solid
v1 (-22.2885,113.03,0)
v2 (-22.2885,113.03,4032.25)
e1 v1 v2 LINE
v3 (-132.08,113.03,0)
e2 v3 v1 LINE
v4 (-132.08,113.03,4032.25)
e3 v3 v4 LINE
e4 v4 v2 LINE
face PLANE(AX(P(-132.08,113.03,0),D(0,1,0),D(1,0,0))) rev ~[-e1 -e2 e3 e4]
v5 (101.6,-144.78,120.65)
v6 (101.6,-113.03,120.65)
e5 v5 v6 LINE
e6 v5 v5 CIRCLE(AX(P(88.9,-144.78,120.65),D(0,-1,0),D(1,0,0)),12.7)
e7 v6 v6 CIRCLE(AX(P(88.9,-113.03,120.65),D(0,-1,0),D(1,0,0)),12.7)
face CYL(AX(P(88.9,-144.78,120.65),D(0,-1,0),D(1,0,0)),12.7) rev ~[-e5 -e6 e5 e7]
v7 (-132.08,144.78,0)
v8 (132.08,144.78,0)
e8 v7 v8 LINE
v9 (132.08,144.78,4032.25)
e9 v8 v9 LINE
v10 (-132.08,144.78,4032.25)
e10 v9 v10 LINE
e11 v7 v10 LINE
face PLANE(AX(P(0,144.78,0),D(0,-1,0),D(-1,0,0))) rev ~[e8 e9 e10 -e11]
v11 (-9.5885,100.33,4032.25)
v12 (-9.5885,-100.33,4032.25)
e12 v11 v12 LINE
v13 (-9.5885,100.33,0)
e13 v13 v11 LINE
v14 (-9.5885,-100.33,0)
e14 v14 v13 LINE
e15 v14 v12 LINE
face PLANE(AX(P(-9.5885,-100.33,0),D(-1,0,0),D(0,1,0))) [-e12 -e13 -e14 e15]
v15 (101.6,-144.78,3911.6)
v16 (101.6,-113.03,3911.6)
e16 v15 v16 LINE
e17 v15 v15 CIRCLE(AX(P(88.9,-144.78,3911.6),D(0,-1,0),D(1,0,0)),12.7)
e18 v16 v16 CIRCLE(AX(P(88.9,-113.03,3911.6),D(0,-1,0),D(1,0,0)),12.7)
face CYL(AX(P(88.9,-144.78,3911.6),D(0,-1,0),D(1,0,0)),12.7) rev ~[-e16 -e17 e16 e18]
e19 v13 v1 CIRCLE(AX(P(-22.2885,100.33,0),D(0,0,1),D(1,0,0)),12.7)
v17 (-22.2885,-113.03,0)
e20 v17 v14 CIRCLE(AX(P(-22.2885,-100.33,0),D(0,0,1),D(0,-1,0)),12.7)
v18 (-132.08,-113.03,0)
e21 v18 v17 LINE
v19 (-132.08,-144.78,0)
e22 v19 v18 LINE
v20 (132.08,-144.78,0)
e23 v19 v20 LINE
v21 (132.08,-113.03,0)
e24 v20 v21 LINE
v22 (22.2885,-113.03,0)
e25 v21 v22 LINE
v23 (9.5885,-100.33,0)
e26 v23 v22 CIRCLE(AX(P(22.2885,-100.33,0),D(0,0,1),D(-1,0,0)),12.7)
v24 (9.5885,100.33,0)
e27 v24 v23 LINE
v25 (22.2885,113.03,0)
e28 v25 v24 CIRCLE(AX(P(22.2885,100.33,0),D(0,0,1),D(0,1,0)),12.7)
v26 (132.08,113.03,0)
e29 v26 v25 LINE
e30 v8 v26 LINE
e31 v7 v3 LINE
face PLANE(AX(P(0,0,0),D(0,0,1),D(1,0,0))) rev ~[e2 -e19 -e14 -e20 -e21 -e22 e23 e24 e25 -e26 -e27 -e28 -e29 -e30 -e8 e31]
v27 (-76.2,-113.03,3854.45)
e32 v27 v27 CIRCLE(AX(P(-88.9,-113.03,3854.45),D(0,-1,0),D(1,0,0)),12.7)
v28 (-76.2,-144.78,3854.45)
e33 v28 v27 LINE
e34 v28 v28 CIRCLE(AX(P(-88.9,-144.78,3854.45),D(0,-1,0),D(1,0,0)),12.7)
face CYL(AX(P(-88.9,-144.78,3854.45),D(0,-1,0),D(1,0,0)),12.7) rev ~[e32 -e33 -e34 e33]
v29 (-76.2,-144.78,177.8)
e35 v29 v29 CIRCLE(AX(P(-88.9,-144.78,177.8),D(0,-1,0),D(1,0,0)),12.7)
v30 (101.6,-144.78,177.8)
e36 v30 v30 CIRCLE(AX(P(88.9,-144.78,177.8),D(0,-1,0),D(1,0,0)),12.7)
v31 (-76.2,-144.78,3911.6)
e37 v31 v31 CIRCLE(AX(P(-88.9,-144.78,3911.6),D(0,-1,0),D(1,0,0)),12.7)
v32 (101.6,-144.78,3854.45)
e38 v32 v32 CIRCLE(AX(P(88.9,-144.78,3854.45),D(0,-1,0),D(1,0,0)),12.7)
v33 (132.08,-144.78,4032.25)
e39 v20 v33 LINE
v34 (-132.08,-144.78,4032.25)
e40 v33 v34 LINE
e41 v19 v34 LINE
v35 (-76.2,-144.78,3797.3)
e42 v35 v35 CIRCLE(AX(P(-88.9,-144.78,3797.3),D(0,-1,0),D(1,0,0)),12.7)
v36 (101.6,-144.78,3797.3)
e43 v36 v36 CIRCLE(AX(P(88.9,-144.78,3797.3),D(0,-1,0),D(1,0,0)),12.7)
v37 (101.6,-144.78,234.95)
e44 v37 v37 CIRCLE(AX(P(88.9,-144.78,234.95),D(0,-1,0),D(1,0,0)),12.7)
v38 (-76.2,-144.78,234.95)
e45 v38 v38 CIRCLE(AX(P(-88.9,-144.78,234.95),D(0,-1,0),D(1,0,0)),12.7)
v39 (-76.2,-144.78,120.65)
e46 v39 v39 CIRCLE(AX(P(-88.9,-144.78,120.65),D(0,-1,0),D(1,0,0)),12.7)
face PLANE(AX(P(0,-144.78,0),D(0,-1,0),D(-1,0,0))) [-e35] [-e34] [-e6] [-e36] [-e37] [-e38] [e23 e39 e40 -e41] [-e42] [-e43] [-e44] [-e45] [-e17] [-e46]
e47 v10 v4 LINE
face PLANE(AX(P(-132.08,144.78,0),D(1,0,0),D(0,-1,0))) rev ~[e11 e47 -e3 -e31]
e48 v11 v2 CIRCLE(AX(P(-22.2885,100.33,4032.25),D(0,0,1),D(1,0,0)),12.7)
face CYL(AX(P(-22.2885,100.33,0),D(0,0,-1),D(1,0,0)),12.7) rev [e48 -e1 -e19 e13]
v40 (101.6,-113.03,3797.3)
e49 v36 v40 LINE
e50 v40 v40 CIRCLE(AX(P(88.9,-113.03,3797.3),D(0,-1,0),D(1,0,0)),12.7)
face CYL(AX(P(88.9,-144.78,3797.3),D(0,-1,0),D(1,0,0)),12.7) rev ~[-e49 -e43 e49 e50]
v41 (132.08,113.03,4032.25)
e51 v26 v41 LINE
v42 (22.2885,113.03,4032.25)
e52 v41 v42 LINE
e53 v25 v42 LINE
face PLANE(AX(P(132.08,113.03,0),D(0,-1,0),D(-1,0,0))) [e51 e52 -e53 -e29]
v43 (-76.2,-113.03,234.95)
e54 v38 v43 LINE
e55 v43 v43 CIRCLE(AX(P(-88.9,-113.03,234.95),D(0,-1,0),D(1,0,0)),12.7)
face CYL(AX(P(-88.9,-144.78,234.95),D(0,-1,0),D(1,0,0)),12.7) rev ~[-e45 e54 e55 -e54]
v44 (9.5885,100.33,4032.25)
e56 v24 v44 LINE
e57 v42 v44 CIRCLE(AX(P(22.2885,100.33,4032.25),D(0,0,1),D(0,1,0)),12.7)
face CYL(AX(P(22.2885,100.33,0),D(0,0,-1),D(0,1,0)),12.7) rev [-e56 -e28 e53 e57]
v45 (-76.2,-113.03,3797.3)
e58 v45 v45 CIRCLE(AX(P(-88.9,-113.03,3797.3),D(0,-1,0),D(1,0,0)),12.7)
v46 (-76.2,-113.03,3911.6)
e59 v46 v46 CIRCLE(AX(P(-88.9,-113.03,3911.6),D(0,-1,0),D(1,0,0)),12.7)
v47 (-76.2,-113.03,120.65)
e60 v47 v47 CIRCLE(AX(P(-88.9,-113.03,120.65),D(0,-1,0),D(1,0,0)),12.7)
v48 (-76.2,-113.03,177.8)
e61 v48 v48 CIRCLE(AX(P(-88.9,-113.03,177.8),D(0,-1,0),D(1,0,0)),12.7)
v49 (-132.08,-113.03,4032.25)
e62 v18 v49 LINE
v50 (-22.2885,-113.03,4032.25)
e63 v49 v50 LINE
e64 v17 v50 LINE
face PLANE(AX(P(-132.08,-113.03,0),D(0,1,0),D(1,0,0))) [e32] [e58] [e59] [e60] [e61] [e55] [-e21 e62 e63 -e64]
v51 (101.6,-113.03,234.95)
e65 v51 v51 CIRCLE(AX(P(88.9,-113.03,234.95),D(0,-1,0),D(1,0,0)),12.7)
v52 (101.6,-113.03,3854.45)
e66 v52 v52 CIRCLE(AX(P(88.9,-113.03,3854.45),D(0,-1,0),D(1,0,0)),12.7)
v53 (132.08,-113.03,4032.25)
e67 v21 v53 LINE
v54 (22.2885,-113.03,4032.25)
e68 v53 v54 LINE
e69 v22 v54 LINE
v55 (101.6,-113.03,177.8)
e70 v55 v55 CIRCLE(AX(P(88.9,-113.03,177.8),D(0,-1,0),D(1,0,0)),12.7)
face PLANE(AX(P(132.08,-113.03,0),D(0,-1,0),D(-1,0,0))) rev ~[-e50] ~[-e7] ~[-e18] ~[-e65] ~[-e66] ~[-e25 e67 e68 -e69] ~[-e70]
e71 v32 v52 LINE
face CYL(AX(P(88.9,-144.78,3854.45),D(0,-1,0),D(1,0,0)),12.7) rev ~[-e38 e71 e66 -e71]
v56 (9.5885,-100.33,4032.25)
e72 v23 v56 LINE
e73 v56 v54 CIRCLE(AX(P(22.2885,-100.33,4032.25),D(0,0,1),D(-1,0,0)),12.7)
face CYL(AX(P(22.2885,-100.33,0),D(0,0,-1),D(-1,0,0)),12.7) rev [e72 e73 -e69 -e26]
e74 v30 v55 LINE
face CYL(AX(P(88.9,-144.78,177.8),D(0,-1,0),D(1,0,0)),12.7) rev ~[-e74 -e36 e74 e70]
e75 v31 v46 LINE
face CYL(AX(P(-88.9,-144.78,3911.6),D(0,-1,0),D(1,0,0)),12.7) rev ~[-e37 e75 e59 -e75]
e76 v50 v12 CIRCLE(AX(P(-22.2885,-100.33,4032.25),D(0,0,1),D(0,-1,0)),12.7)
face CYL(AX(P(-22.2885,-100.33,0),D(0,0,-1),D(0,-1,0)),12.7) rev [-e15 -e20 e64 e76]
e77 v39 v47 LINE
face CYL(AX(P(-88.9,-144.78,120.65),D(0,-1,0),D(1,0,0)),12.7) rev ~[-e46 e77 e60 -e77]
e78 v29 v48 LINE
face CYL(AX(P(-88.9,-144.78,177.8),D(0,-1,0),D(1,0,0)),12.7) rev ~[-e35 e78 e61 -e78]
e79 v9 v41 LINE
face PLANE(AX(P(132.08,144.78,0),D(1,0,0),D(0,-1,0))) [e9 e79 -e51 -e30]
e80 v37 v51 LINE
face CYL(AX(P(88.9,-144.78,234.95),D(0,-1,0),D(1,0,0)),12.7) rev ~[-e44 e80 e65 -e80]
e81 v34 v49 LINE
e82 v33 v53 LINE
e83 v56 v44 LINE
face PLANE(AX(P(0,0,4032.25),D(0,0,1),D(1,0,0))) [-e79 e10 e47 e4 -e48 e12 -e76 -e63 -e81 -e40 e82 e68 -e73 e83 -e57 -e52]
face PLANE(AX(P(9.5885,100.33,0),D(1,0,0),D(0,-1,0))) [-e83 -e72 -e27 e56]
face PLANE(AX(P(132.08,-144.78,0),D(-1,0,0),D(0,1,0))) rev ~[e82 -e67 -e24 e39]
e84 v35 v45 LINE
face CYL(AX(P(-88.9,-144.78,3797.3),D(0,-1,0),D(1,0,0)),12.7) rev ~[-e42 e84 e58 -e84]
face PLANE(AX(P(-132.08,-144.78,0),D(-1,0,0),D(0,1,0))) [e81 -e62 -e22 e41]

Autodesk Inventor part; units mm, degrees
ref_plane "Start plane" through (0, 0, 0) normal (0, 0, 1) x (1, 0, 0)
ref_plane "End plane" through (0, 0, 4032.25) normal (0, 0, 1) x (1, 0, 0)
sketch "Sketch" plane through (0, 0, 0) normal (0, 0, 1) x (1, 0, 0)
  line L0 (-132.08, -144.78) -> (-132.08, -113.03)
  line L1 (-132.08, -113.03) -> (-22.2885, -113.03)
  line L2 (-9.5885, -100.33) -> (-9.5885, 0)
  line L3 (-9.5885, 0) -> (0, 0) construction
  line L4 (0, 0) -> (0, -144.78) construction
  line L5 (0, -144.78) -> (-132.08, -144.78)
  line L6 (-60, 0) -> (80, 0) construction
  line L7 (0, -60) -> (0, 80) construction
  line L8 (132.08, -144.78) -> (132.08, -113.03)
  line L9 (132.08, -113.03) -> (22.2885, -113.03)
  line L10 (9.5885, -100.33) -> (9.5885, 0)
  line L11 (9.5885, 0) -> (0, 0) construction
  line L12 (0, -144.78) -> (132.08, -144.78)
  line L13 (-132.08, 144.78) -> (-132.08, 113.03)
  line L14 (-132.08, 113.03) -> (-22.2885, 113.03)
  line L15 (-9.5885, 100.33) -> (-9.5885, 0)
  line L16 (0, 144.78) -> (-132.08, 144.78)
  line L17 (132.08, 144.78) -> (132.08, 113.03)
  line L18 (132.08, 113.03) -> (22.2885, 113.03)
  line L19 (0, 144.78) -> (132.08, 144.78)
  line L20 (9.5885, 100.33) -> (9.5885, 0)
  arc A0 (-9.5885, 100.33) -> (-22.2885, 113.03) centre (-22.2885, 100.33) ccw
  arc A1 (22.2885, 113.03) -> (9.5885, 100.33) centre (22.2885, 100.33) ccw
  arc A2 (9.5885, -100.33) -> (22.2885, -113.03) centre (22.2885, -100.33) ccw
  arc A3 (-22.2885, -113.03) -> (-9.5885, -100.33) centre (-22.2885, -100.33) ccw
  line L21 (0, 202.692) -> (0, -202.692) construction
  line L22 (-184.912, 0) -> (184.912, 0) construction
  point P0 (-9.5885, -113.03)
  point P1 (9.5885, -113.03)
  point P2 (-9.5885, 113.03)
  point P3 (9.5885, 113.03)
  dimension "d1" = 144.78
  dimension "d2" = 31.75
  dimension "d3" = 132.08
  dimension "d4" = 9.5885
  dimension "d13" = 12.7
extrude "Body" add sketch "Sketch" along normal up to surface (4032.25 mm away) from surface at 0
sketch "Sketch4" plane through (0, 0, 0) normal (0, 0, 1) x (1, 0, 0)
  line L0 (0, 0) -> (10, 0)
ref_plane "Work Plane3" through (0, 0, 0) normal (0, -1, 0) x (1, 0, 0)
sketch "Sketch5" plane through (0, 0, 0) normal (0, -1, 0) x (1, 0, 0)
  line L0 (-2, 0) -> (12, 0)
  line L1 (-2, 4032.25) -> (12, 4032.25)
  dimension "d15" = 4032.25
sketch "Sketch6" plane through (-132.08, -144.78, 0) normal (0, -1, 0) x (1, 0, 0)
  line L0 (132.08, 0) -> (17.78, 0)
  line L1 (0, 0) -> (264.16, 0) projected
  line L2 (132.08, 0) -> (246.38, 0)
  circle A0 centre (43.18, 120.65) radius 12.7
  circle A1 centre (43.18, 177.8) radius 12.7
  circle A2 centre (43.18, 234.95) radius 12.7
  circle A3 centre (220.98, 120.65) radius 12.7
  circle A4 centre (220.98, 177.8) radius 12.7
  circle A5 centre (220.98, 234.95) radius 12.7
  circle A6 centre (43.18, 3797.3) radius 12.7
  circle A7 centre (43.18, 3854.45) radius 12.7
  circle A8 centre (43.18, 3911.6) radius 12.7
  circle A9 centre (220.98, 3797.3) radius 12.7
  circle A10 centre (220.98, 3854.45) radius 12.7
  circle A11 centre (220.98, 3911.6) radius 12.7
extrude "Extrusion2" cut sketch "Sketch6" against normal blind 50.8
ref_plane "Work Plane4" through (0, 0, 2016.125) normal (0, 0, 1) x (1, 0, 0)
ref_plane "Work Plane5" through (0, 0, 4032.25) normal (0, 0, 1) x (1, 0, 0)
ref_plane "Work Plane6" through (0, 0, 1008.0625) normal (0, 0, 1) x (1, 0, 0)
ref_plane "Work Plane7" through (0, 0, 3024.1875) normal (0, 0, 1) x (1, 0, 0)
equation "\"d1\" = 0.5 * G_H"
equation "\"d2\" = G_T1"
equation "\"d3\" = 0.5 * G_W"
equation "\"d4\" = 0.5 * G_T"
equation "\"d13\" = G_IR"
equation "\"d5\" = G_L"
equation "\"G_W\" = 264.16"
equation "\"G_H\" = 289.56"
equation "\"G_T\" = 19.177"
equation "\"G_T1\" = 31.75"
equation "\"G_IR\" = 12.7"
equation "\"G_L\" = d15"
equation "\"G_OFFSET_START\" = 0"
equation "\"G_OFFSET_END\" = 0"
equation "\"d12\" = G_OFFSET_END + B_L"
equation "\"B_L\" = 4032.25"
properties part number "AISC - W 10x112 - 148.75" material "Steel, Mild"
